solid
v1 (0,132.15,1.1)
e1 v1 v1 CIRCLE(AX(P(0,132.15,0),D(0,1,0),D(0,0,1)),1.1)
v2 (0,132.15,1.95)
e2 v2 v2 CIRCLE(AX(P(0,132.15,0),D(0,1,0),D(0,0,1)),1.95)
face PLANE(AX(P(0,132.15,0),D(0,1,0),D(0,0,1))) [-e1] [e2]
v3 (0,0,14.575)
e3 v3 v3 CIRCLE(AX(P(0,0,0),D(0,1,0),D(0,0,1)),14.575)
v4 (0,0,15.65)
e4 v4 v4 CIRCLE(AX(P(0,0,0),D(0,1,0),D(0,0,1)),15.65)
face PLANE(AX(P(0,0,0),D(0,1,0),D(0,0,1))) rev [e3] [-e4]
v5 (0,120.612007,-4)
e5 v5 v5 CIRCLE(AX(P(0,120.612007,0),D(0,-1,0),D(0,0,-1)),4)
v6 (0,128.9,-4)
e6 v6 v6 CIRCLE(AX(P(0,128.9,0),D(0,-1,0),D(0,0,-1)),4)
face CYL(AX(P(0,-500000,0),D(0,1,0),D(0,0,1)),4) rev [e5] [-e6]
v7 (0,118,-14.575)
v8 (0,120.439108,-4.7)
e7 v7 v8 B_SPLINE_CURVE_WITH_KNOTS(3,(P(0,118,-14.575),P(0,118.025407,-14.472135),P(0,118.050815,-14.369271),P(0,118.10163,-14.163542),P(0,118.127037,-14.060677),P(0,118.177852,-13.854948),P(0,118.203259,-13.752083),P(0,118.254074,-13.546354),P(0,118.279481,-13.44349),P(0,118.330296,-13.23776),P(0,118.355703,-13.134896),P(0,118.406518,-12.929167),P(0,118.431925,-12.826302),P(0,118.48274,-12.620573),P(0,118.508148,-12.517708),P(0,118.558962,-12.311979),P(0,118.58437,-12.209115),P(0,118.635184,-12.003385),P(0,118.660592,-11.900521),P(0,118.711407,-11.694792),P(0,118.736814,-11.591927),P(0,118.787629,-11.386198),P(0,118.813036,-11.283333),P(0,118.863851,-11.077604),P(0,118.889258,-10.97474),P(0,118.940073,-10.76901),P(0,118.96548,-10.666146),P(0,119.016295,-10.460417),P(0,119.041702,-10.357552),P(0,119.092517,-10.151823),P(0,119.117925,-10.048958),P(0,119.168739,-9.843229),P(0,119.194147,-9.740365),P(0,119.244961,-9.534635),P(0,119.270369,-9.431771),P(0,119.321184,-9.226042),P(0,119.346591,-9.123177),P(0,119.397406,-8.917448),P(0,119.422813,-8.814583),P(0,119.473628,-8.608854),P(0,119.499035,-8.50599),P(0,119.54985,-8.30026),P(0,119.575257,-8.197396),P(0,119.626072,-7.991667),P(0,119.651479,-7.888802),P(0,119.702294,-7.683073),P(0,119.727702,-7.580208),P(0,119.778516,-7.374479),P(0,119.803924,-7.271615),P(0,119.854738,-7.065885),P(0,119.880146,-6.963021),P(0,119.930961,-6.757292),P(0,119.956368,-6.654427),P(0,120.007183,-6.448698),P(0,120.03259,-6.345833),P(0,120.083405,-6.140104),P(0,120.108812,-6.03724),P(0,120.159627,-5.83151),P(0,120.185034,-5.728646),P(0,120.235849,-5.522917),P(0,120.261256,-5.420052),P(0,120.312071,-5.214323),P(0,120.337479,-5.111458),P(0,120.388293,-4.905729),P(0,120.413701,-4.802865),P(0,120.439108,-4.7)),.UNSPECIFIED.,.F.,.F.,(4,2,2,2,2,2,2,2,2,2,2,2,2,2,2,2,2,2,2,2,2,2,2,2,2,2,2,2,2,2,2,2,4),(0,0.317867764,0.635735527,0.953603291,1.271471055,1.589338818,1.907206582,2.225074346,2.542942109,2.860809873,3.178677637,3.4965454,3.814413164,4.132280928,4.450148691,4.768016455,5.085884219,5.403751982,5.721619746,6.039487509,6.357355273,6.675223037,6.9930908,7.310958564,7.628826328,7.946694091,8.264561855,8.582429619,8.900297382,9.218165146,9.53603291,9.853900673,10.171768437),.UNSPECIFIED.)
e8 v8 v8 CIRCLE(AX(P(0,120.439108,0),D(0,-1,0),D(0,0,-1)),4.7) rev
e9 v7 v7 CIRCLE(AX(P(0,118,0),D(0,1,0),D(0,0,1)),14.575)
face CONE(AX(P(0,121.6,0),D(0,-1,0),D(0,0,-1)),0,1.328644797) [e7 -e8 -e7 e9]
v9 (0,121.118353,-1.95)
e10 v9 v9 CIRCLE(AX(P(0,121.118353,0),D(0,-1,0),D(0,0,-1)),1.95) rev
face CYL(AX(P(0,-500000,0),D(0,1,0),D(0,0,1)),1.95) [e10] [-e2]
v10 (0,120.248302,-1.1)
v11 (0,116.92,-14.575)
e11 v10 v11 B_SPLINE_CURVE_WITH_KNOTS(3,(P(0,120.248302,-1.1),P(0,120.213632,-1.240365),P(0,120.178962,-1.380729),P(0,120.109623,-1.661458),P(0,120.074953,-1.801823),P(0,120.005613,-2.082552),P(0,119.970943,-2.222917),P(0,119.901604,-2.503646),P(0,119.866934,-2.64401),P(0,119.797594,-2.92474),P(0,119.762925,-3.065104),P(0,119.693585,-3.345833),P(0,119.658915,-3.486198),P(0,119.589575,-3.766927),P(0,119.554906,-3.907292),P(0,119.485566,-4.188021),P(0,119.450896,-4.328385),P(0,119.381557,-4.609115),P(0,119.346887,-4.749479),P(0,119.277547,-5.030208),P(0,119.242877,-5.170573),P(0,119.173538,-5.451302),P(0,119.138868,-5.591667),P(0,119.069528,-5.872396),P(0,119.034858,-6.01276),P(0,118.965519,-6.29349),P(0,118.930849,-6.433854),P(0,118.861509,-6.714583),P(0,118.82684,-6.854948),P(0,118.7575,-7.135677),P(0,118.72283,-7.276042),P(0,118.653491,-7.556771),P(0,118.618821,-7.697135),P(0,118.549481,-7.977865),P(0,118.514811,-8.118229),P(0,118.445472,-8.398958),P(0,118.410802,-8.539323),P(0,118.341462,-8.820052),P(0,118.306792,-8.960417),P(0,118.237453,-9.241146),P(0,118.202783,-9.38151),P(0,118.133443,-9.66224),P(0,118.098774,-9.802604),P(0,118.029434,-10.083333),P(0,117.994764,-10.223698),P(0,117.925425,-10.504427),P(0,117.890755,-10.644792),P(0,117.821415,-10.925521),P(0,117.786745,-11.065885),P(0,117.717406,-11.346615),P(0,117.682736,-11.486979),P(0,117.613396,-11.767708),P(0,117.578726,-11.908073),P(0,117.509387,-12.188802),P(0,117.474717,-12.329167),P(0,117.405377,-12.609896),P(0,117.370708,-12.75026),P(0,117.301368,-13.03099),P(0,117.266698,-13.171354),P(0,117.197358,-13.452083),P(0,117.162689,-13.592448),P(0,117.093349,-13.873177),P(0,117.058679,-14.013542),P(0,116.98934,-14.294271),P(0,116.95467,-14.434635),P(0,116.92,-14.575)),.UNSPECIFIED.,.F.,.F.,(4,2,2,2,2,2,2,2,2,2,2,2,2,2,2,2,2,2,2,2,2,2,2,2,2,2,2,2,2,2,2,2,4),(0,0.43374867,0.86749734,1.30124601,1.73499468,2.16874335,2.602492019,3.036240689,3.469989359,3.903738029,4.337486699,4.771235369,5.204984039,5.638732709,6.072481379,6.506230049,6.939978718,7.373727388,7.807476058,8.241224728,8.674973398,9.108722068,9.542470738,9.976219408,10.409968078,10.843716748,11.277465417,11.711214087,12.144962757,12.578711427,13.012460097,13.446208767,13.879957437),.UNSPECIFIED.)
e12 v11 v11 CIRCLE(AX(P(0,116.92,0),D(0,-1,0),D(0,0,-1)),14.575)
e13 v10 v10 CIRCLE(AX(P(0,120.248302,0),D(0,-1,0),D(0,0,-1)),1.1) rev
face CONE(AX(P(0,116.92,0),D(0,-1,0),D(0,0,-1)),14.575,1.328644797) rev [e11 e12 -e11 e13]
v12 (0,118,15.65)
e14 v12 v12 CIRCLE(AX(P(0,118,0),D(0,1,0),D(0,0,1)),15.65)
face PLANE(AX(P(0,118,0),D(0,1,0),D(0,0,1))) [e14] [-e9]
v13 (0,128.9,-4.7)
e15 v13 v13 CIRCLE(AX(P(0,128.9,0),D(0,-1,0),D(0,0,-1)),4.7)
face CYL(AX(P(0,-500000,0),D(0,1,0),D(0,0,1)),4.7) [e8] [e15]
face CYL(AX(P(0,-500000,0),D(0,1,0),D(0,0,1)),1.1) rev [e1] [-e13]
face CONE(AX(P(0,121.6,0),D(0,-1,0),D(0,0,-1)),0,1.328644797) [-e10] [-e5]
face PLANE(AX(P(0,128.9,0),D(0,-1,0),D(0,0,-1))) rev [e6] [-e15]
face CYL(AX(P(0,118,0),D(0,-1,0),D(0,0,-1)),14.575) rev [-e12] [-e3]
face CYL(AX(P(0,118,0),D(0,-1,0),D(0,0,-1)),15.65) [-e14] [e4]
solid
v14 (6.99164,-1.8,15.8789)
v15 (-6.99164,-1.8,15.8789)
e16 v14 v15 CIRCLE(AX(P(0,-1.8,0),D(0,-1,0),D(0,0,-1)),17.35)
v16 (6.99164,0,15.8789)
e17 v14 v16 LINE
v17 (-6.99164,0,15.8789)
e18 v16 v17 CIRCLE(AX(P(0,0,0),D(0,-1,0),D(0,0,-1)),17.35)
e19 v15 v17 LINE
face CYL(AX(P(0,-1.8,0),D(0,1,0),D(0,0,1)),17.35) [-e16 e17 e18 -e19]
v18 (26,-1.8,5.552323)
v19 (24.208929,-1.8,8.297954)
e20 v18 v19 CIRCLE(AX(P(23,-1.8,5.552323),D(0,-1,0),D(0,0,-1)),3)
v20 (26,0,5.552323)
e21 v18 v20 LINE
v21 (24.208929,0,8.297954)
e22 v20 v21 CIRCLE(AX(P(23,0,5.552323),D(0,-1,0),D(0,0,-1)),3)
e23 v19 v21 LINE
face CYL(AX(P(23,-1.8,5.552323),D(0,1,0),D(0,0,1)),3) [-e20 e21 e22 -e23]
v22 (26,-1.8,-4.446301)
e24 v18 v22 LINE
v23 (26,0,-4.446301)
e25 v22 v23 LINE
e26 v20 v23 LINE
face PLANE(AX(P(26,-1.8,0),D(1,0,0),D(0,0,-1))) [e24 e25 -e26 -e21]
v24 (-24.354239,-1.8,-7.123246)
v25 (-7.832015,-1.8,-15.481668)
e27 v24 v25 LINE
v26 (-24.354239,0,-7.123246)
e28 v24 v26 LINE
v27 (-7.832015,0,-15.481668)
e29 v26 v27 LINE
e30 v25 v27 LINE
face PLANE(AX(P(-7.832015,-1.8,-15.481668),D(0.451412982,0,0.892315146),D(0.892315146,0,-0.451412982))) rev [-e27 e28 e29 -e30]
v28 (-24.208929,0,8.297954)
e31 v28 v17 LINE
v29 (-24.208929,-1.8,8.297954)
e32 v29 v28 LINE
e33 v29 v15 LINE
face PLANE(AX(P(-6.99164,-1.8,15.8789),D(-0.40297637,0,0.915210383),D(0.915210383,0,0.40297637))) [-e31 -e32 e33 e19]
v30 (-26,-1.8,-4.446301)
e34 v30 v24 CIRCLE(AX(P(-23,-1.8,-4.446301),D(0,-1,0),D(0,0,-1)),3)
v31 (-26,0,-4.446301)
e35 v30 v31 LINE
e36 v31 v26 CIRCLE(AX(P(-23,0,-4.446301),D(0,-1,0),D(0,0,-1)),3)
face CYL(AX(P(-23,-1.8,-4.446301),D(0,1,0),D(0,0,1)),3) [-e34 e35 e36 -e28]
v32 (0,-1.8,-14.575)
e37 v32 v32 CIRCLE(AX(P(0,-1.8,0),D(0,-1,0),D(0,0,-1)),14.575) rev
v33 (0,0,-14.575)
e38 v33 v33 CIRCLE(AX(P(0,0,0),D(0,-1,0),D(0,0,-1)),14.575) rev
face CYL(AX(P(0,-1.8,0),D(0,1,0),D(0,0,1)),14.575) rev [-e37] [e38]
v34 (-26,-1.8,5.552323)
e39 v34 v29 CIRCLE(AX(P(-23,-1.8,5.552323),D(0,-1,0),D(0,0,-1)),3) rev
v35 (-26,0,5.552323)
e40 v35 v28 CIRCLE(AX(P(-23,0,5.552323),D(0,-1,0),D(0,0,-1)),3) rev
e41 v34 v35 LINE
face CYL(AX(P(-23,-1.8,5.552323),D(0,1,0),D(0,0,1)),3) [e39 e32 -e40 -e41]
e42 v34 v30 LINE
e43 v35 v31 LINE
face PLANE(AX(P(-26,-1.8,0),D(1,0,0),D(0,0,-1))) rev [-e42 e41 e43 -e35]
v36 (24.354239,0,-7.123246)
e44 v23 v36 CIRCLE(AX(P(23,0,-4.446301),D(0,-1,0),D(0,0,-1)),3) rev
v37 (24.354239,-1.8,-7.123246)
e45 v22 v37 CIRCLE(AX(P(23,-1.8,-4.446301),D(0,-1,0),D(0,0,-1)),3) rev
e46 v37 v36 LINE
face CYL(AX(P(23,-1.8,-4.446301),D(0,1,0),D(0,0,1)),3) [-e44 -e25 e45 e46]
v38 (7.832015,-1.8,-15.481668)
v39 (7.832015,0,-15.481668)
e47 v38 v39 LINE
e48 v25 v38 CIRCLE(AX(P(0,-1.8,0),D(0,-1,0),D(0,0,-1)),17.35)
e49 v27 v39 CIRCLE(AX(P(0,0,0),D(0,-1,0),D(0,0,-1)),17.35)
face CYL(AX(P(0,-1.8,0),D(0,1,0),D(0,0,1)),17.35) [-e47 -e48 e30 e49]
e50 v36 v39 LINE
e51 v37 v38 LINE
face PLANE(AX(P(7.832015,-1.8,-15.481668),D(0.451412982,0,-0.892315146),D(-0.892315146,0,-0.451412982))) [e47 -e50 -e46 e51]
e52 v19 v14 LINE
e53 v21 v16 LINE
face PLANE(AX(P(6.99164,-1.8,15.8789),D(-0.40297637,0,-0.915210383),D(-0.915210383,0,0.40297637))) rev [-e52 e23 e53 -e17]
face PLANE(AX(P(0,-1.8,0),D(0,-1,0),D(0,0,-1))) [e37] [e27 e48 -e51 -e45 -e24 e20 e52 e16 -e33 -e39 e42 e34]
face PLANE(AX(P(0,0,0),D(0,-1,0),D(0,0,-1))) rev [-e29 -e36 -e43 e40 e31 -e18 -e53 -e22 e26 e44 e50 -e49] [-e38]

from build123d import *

# Parameters (mm, degrees)
SKETCH1_R                       = 15.65
SKETCH1_R_2                     = 14.575
BOSS_EXTRUDE1_DEPTH             = 118
BOSS_EXTRUDE2_DEPTH             = 1.8
BOSS_EXTRUDE3_REACH             = 136.386
SKETCH5_R                       = 4.7
SKETCH5_R_2                     = 4
SKETCH6_R                       = 1.95
SKETCH6_R_2                     = 1.1
BOSS_EXTRUDE4_DEPTH             = 3.25
BOSS_EXTRUDE4_DIRECTION_2_REACH = 136.386
SKETCH6_2_R                     = 1.1
CUT_EXTRUDE1_DEPTH              = 135.385685622


with BuildPart() as part:
    # Sketch1 → Boss-Extrude1 (new body)
    with BuildSketch(Plane(origin=(0, 0, 0), x_dir=(1, 0, 0), z_dir=(0, 1, 0))):
        with Locations(Location((0, 0, 0), (0, 0, 270))):
            Circle(SKETCH1_R)
        with Locations(Location((0, 0, 0), (0, 0, 270))):
            Circle(SKETCH1_R_2, mode=Mode.SUBTRACT)
    extrude(amount=BOSS_EXTRUDE1_DEPTH)

    # Sketch3 → Revolve1 (revolve)
    with BuildSketch(Plane.XY, mode=Mode.PRIVATE) as revolve1_sk:
        Polygon((-14.575, 118), (0, 121.6), (0, 120.52), (-14.575, 116.92), align=None)
    revolve(revolve1_sk.sketch.rotate(Axis((0, 0, 0), (0, 1, 0)), 270), axis=Axis((0, 0, 0), (0, 1, 0)))

    # Boss-Extrude3: up to this cone (the profile starts outside it)
    boss_extrude3_end = Plane(origin=(0, 128.9, 0), z_dir=(0, -1, 0)).offset(7.300001) * Cone(4.049e-06, 524.643319444, 129.585999, align=(Align.CENTER, Align.CENTER, Align.MIN), mode=Mode.PRIVATE)
    # Sketch5 → Boss-Extrude3 (add, up to the surface)
    with BuildSketch(Plane(origin=(0, 128.9, 0), x_dir=(-1, 0, 0), z_dir=(0, -1, 0)), mode=Mode.PRIVATE) as boss_extrude3_sk1:
        with Locations(Location((0, 0, 0), (0, 0, 90))):
            Circle(SKETCH5_R)
        with Locations(Location((0, 0, 0), (0, 0, 90))):
            Circle(SKETCH5_R_2, mode=Mode.SUBTRACT)
    boss_extrude3_tool1 = extrude(boss_extrude3_sk1.sketch, amount=BOSS_EXTRUDE3_REACH, mode=Mode.PRIVATE) - boss_extrude3_end
    add(boss_extrude3_tool1.solids().sort_by_distance((0, 128.9, 4.567064))[0])

    # Sketch6 → Boss-Extrude4 (add)
    with BuildSketch(Plane(origin=(0, 128.9, 0), x_dir=(1, 0, 0), z_dir=(0, 1, 0))):
        with Locations(Location((0, 0, 0), (0, 0, 270))):
            Circle(SKETCH6_R)
        with Locations(Location((0, 0, 0), (0, 0, 270))):
            Circle(SKETCH6_R_2, mode=Mode.SUBTRACT)
    extrude(amount=BOSS_EXTRUDE4_DEPTH)

    # Sketch6 → Boss-Extrude4 direction 2 (add, up to next)
    with BuildSketch(Plane(origin=(0, 128.9, 0), x_dir=(1, 0, 0), z_dir=(0, 1, 0)), mode=Mode.PRIVATE) as boss_extrude4_direction_2_sk1:
        with Locations(Location((0, 0, 0), (0, 0, 270))):
            Circle(SKETCH6_R)
        with Locations(Location((0, 0, 0), (0, 0, 270))):
            Circle(SKETCH6_R_2, mode=Mode.SUBTRACT)
    boss_extrude4_direction_2_tool1 = extrude(boss_extrude4_direction_2_sk1.sketch, amount=-BOSS_EXTRUDE4_DIRECTION_2_REACH, mode=Mode.PRIVATE) - part.part
    add(boss_extrude4_direction_2_tool1.solids().sort_by_distance((0, 128.9, -1.894846))[0])

    # Sketch6_2 → Cut-Extrude1 (cut, through all)
    with BuildSketch(Plane(origin=(0, 128.9, 0), x_dir=(1, 0, 0), z_dir=(0, 1, 0))):
        with Locations(Location((0, 0, 0), (0, 0, 270))):
            Circle(SKETCH6_2_R)
    extrude(amount=-CUT_EXTRUDE1_DEPTH, mode=Mode.SUBTRACT)


with BuildPart() as body_2:
    # Sketch2 → Boss-Extrude2 (new body)
    with BuildSketch(Plane.XZ):
        with BuildLine():
            ThreePointArc((-7.832015244, -15.481667779), (-17.343773926, 0.464764477), (-6.991640016, 15.878900147))
            Line((-6.991640016, 15.878900147), (-24.208929109, 8.297953968))
            ThreePointArc((-24.208929109, 8.297953968), (-25.512646745, 7.191409862), (-26, 5.552322819))
            Line((-26, 5.552322819), (-26, -4.446300643))
            ThreePointArc((-26, -4.446300643), (-25.55565225, -6.017491777), (-24.354238947, -7.12324608))
            Line((-24.354238947, -7.12324608), (-7.832015244, -15.481667779))
        make_face()
        with BuildLine():
            ThreePointArc((17.35, 0), (14.531473674, 9.479386734), (6.991640016, 15.878900147))
            ThreePointArc((6.991640016, 15.878900147), (3.572364934, 16.978242217), (0, 17.35))
            Line((0, 17.35), (0, 15.65))
            ThreePointArc((0, 15.65), (11.066221126, 11.066221126), (15.65, 0))
            ThreePointArc((15.65, 0), (11.066221126, -11.066221126), (0, -15.65))
            Line((0, -15.65), (0, -17.35))
            ThreePointArc((0, -17.35), (4.025888972, -16.876454544), (7.832015244, -15.481667779))
            ThreePointArc((7.832015244, -15.481667779), (14.780188843, -9.086722058), (17.35, 0))
        make_face()
        with BuildLine():
            Line((0, 15.65), (0, 17.35))
            ThreePointArc((0, 17.35), (-3.572364934, 16.978242217), (-6.991640016, 15.878900147))
            ThreePointArc((-6.991640016, 15.878900147), (-17.343773926, 0.464764477), (-7.832015244, -15.481667779))
            ThreePointArc((-7.832015244, -15.481667779), (-4.025888972, -16.876454544), (0, -17.35))
            Line((0, -17.35), (0, -15.65))
            ThreePointArc((0, -15.65), (-15.65, 0), (0, 15.65))
        make_face()
        with BuildLine():
            ThreePointArc((17.35, 0), (14.531473674, 9.479386734), (6.991640016, 15.878900147))
            ThreePointArc((6.991640016, 15.878900147), (3.572364934, 16.978242217), (0, 17.35))
            Line((0, 17.35), (0, 15.65))
            ThreePointArc((0, 15.65), (11.066221126, 11.066221126), (15.65, 0))
            ThreePointArc((15.65, 0), (11.066221126, -11.066221126), (0, -15.65))
            Line((0, -15.65), (0, -17.35))
            ThreePointArc((0, -17.35), (4.025888972, -16.876454544), (7.832015244, -15.481667779))
            ThreePointArc((7.832015244, -15.481667779), (14.780188843, -9.086722058), (17.35, 0))
        make_face()
        with BuildLine():
            Line((0, 15.65), (0, 17.35))
            ThreePointArc((0, 17.35), (-3.572364934, 16.978242217), (-6.991640016, 15.878900147))
            ThreePointArc((-6.991640016, 15.878900147), (-17.343773926, 0.464764477), (-7.832015244, -15.481667779))
            ThreePointArc((-7.832015244, -15.481667779), (-4.025888972, -16.876454544), (0, -17.35))
            Line((0, -17.35), (0, -15.65))
            ThreePointArc((0, -15.65), (-15.65, 0), (0, 15.65))
        make_face()
        with BuildLine():
            Line((26, -4.446300643), (26, 5.552322819))
            ThreePointArc((26, 5.552322819), (25.512646745, 7.191409862), (24.208929109, 8.297953968))
            Line((24.208929109, 8.297953968), (6.991640016, 15.878900147))
            ThreePointArc((6.991640016, 15.878900147), (14.531473674, 9.479386734), (17.35, 0))
            ThreePointArc((17.35, 0), (14.780188843, -9.086722058), (7.832015244, -15.481667779))
            Line((7.832015244, -15.481667779), (24.354238947, -7.12324608))
            ThreePointArc((24.354238947, -7.12324608), (25.55565225, -6.017491777), (26, -4.446300643))
        make_face()
        with BuildLine():
            ThreePointArc((15.65, 0), (11.066221126, 11.066221126), (0, 15.65))
            Line((0, 15.65), (0, 14.575))
            ThreePointArc((0, 14.575), (10.306081336, 10.306081336), (14.575, 0))
            ThreePointArc((14.575, 0), (10.306081336, -10.306081336), (0, -14.575))
            Line((0, -14.575), (0, -15.65))
            ThreePointArc((0, -15.65), (11.066221126, -11.066221126), (15.65, 0))
        make_face()
        with BuildLine():
            Line((0, 14.575), (0, 15.65))
            ThreePointArc((0, 15.65), (-15.65, 0), (0, -15.65))
            Line((0, -15.65), (0, -14.575))
            ThreePointArc((0, -14.575), (-14.575, 0), (0, 14.575))
        make_face()
        with BuildLine():
            ThreePointArc((15.65, 0), (11.066221126, 11.066221126), (0, 15.65))
            Line((0, 15.65), (0, 14.575))
            ThreePointArc((0, 14.575), (10.306081336, 10.306081336), (14.575, 0))
            ThreePointArc((14.575, 0), (10.306081336, -10.306081336), (0, -14.575))
            Line((0, -14.575), (0, -15.65))
            ThreePointArc((0, -15.65), (11.066221126, -11.066221126), (15.65, 0))
        make_face()
        with BuildLine():
            Line((0, 14.575), (0, 15.65))
            ThreePointArc((0, 15.65), (-15.65, 0), (0, -15.65))
            Line((0, -15.65), (0, -14.575))
            ThreePointArc((0, -14.575), (-14.575, 0), (0, 14.575))
        make_face()
    extrude(amount=BOSS_EXTRUDE2_DEPTH)


solid = Compound([part.part, body_2.part])
